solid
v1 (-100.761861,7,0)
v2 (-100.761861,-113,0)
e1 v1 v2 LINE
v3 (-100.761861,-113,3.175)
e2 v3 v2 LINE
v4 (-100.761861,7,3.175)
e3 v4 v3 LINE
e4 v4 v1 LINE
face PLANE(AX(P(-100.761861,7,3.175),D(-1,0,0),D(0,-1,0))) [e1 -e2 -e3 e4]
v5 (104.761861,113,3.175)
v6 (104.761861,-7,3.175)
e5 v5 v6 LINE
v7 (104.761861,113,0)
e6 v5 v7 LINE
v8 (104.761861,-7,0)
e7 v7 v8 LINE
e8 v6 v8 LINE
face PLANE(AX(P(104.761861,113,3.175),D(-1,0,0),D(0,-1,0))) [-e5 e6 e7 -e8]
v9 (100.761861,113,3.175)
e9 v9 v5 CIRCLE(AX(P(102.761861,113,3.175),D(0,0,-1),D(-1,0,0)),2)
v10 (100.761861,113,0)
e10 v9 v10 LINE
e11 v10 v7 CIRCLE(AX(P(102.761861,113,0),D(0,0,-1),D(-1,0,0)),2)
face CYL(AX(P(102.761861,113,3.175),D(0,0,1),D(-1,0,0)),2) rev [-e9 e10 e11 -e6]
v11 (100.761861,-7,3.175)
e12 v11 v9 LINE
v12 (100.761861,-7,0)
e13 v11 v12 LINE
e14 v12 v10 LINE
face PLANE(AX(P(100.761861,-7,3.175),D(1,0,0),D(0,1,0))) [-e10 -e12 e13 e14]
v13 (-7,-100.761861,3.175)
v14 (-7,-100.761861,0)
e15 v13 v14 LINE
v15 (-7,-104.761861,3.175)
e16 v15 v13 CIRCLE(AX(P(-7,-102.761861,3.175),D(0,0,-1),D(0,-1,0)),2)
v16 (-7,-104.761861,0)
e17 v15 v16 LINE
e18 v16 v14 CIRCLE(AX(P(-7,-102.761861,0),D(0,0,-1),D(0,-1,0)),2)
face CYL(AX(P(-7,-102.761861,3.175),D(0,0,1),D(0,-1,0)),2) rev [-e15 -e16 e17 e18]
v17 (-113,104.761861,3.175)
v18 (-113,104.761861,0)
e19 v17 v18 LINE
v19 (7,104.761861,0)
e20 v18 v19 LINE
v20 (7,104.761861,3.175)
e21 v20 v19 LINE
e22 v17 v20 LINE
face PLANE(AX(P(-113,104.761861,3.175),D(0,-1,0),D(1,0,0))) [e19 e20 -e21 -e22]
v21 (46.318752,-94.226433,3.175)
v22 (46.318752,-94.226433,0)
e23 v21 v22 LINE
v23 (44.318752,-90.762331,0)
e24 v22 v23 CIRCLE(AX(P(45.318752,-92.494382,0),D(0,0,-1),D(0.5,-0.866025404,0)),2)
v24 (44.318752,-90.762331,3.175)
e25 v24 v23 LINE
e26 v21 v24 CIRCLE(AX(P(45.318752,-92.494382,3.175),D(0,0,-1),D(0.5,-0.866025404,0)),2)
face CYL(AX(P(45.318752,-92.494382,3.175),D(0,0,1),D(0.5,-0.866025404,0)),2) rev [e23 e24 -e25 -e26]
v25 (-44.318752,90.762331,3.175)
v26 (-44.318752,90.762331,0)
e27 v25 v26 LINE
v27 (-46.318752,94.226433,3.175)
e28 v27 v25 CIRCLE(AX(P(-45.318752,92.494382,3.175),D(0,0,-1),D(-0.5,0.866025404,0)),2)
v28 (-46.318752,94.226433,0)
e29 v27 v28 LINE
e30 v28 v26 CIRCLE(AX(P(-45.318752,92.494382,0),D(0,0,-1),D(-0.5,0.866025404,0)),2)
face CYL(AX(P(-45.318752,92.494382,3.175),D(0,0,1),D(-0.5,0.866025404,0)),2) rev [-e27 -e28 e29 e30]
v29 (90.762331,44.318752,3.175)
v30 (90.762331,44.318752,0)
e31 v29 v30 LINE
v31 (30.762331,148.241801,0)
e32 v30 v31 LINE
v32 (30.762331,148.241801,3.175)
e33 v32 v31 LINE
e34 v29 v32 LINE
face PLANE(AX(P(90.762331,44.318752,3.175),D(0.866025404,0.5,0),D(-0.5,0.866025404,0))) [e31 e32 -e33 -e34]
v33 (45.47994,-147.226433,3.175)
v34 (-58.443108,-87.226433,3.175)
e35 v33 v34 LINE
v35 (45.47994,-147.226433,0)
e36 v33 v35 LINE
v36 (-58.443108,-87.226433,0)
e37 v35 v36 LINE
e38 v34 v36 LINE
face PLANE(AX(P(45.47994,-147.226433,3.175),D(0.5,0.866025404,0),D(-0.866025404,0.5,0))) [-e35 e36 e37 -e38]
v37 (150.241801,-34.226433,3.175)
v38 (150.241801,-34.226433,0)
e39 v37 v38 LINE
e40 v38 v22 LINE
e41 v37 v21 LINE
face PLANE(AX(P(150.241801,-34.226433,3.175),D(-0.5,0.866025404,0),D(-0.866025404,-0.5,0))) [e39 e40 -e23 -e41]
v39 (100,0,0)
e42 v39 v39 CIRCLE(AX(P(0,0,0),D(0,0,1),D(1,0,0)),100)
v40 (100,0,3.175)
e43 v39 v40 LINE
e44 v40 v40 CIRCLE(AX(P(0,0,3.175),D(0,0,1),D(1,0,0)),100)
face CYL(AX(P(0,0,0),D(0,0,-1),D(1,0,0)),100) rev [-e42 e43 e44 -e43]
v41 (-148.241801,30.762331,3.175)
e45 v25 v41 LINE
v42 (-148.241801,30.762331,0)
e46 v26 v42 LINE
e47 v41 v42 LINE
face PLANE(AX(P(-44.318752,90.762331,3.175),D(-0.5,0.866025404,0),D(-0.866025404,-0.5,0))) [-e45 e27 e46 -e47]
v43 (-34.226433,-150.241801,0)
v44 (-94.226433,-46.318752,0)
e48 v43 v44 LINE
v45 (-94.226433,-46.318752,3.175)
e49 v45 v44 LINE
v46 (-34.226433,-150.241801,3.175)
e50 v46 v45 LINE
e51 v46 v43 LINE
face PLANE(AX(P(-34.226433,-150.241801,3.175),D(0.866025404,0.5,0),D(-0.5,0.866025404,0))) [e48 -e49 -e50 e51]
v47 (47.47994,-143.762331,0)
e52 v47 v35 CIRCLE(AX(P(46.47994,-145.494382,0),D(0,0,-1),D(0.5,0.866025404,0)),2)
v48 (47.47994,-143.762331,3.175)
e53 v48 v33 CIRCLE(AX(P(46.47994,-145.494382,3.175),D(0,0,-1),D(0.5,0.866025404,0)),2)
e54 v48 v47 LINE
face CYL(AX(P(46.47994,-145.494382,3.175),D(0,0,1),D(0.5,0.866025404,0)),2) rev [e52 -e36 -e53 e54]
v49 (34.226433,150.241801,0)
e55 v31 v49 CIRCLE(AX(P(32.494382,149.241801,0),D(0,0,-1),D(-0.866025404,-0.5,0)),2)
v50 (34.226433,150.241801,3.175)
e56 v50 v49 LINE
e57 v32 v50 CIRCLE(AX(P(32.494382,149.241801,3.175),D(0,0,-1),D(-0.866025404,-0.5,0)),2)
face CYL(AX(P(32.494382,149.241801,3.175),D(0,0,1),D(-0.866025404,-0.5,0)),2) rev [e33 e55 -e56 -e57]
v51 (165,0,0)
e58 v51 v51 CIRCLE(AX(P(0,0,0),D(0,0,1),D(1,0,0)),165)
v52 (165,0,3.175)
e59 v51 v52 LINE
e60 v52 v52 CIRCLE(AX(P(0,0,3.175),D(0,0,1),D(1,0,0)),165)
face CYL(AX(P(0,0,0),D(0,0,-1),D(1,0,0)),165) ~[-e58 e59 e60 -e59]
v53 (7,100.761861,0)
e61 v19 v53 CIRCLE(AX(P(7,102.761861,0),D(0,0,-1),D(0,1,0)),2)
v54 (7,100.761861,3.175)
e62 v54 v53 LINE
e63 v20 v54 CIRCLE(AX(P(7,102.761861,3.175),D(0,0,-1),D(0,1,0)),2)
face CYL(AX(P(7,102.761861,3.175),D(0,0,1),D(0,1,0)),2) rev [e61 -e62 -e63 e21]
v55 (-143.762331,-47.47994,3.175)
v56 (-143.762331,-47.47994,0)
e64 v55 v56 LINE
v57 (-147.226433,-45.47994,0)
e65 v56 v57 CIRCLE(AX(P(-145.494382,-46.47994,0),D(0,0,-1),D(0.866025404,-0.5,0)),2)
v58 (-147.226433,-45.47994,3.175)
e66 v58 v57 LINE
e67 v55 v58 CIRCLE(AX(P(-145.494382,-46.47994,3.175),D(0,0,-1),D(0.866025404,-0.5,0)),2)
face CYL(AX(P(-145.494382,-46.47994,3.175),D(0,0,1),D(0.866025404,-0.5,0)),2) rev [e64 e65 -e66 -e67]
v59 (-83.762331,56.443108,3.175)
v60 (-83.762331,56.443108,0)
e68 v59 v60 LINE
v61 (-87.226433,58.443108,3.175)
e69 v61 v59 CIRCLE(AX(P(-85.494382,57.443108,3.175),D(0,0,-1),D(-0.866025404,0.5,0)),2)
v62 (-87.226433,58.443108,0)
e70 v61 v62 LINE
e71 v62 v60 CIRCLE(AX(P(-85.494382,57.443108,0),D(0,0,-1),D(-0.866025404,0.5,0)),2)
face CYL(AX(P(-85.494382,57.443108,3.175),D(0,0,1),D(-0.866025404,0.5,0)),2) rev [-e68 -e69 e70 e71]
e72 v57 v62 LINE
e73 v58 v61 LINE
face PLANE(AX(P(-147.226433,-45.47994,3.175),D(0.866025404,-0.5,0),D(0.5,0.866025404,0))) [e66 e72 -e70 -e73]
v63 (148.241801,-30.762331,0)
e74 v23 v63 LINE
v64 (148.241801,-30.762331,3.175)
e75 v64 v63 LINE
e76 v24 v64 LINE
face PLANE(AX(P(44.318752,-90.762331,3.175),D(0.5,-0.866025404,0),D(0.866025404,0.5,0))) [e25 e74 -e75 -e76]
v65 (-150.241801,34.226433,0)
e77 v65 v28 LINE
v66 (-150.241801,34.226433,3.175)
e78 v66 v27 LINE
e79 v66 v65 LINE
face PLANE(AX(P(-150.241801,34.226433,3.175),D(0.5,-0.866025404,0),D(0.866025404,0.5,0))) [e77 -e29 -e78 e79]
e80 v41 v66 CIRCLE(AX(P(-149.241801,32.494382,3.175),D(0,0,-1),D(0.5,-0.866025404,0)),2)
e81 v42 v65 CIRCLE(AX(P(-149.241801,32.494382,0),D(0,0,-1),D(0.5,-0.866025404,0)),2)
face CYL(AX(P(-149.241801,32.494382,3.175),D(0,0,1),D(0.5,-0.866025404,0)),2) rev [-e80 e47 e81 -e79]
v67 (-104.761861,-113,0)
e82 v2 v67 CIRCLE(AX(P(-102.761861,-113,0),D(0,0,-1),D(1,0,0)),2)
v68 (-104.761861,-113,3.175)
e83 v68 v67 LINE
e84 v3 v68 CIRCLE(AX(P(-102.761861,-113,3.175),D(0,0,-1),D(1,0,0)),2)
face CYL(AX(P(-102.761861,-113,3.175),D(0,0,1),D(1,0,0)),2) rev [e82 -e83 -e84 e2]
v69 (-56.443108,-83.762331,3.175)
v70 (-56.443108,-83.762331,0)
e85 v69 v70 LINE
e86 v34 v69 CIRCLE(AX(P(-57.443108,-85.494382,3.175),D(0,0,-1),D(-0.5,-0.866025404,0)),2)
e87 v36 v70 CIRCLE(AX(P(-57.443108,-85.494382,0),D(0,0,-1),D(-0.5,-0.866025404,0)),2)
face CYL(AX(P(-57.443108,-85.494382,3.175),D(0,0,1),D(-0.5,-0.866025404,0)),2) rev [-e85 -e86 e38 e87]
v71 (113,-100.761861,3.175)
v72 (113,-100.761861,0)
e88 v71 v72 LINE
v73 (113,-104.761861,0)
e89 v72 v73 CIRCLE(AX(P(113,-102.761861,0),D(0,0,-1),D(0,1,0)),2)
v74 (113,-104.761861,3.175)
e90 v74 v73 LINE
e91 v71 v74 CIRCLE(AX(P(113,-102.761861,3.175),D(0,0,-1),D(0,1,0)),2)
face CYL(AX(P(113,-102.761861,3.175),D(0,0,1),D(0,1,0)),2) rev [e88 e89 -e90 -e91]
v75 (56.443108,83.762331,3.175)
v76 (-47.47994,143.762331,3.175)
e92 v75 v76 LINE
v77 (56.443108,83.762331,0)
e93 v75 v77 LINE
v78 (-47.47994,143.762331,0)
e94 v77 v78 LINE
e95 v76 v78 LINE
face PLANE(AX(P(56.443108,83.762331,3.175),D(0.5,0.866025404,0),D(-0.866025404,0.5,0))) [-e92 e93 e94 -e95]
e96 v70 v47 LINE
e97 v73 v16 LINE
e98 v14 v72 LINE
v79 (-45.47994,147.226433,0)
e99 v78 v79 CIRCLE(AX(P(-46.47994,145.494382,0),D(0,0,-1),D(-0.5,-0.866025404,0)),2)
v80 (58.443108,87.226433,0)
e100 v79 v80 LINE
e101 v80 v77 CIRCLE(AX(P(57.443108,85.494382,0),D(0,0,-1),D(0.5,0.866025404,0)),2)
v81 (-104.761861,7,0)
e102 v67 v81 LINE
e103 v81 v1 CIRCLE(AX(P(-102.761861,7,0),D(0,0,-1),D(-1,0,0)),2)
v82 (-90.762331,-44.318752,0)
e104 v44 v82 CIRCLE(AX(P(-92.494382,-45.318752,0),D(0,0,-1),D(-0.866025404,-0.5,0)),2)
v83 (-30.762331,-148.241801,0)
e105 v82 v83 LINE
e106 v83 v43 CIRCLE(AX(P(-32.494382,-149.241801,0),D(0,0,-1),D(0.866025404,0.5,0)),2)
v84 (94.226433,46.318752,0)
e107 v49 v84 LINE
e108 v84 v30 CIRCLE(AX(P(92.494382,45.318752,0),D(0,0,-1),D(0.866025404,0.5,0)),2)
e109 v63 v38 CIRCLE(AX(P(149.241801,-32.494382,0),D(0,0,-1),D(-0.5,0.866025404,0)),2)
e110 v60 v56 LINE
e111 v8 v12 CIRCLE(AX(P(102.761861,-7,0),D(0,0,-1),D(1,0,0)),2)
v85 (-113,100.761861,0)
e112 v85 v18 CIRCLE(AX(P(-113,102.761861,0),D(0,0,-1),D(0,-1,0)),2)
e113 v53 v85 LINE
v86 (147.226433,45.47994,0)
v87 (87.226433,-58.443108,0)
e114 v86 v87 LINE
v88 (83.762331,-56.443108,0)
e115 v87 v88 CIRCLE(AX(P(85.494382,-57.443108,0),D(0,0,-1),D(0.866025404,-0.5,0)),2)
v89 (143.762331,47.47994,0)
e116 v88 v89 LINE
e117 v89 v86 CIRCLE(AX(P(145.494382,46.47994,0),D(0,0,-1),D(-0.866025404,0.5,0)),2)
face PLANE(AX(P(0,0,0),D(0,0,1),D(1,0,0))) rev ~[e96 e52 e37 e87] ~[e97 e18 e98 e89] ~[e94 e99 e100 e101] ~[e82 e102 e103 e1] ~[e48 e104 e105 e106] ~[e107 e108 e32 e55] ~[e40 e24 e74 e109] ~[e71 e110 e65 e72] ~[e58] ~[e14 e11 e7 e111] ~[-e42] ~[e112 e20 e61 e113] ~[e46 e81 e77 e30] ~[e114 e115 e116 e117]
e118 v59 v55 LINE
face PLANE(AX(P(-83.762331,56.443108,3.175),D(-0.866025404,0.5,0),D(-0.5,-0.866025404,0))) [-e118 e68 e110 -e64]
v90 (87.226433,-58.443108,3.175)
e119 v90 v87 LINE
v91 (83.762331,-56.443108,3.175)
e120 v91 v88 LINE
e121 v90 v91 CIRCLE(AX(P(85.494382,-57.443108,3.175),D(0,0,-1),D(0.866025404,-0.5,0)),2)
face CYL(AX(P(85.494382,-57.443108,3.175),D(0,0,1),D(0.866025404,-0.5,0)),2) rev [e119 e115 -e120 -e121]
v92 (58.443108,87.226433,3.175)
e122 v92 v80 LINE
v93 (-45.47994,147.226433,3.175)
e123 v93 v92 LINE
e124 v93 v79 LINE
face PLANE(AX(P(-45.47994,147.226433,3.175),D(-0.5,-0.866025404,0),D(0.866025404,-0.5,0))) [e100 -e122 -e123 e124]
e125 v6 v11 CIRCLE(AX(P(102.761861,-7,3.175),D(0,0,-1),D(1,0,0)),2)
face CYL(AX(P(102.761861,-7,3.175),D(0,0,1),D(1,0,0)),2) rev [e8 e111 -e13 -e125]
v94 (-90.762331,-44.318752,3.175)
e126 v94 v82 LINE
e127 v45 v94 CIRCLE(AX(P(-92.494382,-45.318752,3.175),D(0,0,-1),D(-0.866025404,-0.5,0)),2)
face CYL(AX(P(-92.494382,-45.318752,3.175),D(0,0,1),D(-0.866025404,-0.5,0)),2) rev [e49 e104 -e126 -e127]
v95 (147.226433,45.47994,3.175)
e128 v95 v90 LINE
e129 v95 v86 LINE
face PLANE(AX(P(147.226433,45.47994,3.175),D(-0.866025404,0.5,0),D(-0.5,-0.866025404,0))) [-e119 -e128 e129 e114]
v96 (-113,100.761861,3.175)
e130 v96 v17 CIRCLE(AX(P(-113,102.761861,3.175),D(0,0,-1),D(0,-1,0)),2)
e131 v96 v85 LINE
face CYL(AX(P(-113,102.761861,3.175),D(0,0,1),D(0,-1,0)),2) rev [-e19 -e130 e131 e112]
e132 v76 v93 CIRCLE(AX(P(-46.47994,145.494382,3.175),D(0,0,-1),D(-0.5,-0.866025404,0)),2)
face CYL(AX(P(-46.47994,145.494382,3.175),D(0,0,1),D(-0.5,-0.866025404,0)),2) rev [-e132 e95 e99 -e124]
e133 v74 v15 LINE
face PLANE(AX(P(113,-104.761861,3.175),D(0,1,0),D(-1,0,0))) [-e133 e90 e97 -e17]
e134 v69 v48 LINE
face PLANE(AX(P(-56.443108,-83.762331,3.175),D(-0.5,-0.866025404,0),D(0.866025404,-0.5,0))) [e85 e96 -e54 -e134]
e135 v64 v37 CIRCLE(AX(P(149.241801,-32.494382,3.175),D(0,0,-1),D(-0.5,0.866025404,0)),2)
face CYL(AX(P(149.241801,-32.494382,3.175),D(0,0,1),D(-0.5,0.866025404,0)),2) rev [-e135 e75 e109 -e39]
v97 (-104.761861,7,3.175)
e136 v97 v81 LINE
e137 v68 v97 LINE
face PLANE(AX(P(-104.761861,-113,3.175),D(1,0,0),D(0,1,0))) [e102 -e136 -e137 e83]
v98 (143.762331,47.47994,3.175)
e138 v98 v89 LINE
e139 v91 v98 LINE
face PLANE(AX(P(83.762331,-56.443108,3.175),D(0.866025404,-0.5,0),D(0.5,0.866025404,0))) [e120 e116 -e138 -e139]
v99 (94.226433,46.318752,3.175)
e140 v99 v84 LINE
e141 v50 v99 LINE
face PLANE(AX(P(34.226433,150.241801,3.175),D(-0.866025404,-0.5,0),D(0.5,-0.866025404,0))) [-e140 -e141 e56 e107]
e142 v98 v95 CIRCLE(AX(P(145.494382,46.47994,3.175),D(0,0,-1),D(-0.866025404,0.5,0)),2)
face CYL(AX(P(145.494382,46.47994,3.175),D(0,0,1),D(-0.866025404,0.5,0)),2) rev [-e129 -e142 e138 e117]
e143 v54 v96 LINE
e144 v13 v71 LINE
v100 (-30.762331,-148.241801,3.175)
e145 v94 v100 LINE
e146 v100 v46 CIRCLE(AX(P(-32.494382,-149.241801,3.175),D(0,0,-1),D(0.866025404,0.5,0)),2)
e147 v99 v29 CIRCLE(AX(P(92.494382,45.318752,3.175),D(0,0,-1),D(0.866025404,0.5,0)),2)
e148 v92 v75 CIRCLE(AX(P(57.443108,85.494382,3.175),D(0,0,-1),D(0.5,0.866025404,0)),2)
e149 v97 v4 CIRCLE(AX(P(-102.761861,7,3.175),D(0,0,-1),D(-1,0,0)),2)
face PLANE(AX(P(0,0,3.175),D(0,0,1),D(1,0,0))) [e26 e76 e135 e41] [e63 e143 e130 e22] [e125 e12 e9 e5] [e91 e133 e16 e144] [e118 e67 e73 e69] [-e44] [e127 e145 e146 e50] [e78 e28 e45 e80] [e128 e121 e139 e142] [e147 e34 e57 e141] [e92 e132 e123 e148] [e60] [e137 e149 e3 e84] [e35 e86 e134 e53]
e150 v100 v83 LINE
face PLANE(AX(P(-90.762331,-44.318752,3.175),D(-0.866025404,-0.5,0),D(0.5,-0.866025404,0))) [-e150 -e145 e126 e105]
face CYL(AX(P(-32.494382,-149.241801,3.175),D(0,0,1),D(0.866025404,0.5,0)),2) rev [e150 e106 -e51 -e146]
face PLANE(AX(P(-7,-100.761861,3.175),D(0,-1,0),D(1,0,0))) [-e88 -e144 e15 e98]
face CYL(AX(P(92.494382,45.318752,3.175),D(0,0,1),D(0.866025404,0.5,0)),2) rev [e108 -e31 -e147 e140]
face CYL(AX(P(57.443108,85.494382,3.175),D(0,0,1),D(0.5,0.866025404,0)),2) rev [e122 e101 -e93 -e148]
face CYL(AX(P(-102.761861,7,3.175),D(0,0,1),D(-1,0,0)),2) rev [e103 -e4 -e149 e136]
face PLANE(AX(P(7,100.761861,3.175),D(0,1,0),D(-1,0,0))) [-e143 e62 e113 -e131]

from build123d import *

# Parameters (mm, degrees)
SKETCH1_R           = 165
SKETCH1_R_2         = 100
BOSS_EXTRUDE1_DEPTH = 3.175
CUT_EXTRUDE1_DEPTH  = 3.175
CIRPATTERN1_COUNT   = 12


with BuildPart() as part:
    # Sketch1 → Boss-Extrude1 (new body)
    with BuildSketch(Plane.XY):
        Circle(SKETCH1_R)
        Circle(SKETCH1_R_2, mode=Mode.SUBTRACT)
    extrude(amount=BOSS_EXTRUDE1_DEPTH)

    # Sketch2 → Cut-Extrude1 (cut)
    with BuildSketch(Plane.XY.offset(3.175)):
        with BuildLine():
            Line((-113, 104.761860629), (7, 104.761860629))
            ThreePointArc((7, 104.761860629), (9, 102.761860629), (7, 100.761860629))
            Line((7, 100.761860629), (-113, 100.761860629))
            ThreePointArc((-113, 100.761860629), (-115, 102.761860629), (-113, 104.761860629))
        make_face()
    cut_extrude1 = extrude(amount=-CUT_EXTRUDE1_DEPTH, mode=Mode.SUBTRACT)

    # CirPattern1: Cut-Extrude1 ×12 about axis
    cirpattern1_axis = Axis((0, 0, 0), (0, 0, 1))
    for i in range(1, CIRPATTERN1_COUNT):
        add(cut_extrude1.rotate(cirpattern1_axis, i * 360 / CIRPATTERN1_COUNT), mode=Mode.SUBTRACT)


solid = part.part
